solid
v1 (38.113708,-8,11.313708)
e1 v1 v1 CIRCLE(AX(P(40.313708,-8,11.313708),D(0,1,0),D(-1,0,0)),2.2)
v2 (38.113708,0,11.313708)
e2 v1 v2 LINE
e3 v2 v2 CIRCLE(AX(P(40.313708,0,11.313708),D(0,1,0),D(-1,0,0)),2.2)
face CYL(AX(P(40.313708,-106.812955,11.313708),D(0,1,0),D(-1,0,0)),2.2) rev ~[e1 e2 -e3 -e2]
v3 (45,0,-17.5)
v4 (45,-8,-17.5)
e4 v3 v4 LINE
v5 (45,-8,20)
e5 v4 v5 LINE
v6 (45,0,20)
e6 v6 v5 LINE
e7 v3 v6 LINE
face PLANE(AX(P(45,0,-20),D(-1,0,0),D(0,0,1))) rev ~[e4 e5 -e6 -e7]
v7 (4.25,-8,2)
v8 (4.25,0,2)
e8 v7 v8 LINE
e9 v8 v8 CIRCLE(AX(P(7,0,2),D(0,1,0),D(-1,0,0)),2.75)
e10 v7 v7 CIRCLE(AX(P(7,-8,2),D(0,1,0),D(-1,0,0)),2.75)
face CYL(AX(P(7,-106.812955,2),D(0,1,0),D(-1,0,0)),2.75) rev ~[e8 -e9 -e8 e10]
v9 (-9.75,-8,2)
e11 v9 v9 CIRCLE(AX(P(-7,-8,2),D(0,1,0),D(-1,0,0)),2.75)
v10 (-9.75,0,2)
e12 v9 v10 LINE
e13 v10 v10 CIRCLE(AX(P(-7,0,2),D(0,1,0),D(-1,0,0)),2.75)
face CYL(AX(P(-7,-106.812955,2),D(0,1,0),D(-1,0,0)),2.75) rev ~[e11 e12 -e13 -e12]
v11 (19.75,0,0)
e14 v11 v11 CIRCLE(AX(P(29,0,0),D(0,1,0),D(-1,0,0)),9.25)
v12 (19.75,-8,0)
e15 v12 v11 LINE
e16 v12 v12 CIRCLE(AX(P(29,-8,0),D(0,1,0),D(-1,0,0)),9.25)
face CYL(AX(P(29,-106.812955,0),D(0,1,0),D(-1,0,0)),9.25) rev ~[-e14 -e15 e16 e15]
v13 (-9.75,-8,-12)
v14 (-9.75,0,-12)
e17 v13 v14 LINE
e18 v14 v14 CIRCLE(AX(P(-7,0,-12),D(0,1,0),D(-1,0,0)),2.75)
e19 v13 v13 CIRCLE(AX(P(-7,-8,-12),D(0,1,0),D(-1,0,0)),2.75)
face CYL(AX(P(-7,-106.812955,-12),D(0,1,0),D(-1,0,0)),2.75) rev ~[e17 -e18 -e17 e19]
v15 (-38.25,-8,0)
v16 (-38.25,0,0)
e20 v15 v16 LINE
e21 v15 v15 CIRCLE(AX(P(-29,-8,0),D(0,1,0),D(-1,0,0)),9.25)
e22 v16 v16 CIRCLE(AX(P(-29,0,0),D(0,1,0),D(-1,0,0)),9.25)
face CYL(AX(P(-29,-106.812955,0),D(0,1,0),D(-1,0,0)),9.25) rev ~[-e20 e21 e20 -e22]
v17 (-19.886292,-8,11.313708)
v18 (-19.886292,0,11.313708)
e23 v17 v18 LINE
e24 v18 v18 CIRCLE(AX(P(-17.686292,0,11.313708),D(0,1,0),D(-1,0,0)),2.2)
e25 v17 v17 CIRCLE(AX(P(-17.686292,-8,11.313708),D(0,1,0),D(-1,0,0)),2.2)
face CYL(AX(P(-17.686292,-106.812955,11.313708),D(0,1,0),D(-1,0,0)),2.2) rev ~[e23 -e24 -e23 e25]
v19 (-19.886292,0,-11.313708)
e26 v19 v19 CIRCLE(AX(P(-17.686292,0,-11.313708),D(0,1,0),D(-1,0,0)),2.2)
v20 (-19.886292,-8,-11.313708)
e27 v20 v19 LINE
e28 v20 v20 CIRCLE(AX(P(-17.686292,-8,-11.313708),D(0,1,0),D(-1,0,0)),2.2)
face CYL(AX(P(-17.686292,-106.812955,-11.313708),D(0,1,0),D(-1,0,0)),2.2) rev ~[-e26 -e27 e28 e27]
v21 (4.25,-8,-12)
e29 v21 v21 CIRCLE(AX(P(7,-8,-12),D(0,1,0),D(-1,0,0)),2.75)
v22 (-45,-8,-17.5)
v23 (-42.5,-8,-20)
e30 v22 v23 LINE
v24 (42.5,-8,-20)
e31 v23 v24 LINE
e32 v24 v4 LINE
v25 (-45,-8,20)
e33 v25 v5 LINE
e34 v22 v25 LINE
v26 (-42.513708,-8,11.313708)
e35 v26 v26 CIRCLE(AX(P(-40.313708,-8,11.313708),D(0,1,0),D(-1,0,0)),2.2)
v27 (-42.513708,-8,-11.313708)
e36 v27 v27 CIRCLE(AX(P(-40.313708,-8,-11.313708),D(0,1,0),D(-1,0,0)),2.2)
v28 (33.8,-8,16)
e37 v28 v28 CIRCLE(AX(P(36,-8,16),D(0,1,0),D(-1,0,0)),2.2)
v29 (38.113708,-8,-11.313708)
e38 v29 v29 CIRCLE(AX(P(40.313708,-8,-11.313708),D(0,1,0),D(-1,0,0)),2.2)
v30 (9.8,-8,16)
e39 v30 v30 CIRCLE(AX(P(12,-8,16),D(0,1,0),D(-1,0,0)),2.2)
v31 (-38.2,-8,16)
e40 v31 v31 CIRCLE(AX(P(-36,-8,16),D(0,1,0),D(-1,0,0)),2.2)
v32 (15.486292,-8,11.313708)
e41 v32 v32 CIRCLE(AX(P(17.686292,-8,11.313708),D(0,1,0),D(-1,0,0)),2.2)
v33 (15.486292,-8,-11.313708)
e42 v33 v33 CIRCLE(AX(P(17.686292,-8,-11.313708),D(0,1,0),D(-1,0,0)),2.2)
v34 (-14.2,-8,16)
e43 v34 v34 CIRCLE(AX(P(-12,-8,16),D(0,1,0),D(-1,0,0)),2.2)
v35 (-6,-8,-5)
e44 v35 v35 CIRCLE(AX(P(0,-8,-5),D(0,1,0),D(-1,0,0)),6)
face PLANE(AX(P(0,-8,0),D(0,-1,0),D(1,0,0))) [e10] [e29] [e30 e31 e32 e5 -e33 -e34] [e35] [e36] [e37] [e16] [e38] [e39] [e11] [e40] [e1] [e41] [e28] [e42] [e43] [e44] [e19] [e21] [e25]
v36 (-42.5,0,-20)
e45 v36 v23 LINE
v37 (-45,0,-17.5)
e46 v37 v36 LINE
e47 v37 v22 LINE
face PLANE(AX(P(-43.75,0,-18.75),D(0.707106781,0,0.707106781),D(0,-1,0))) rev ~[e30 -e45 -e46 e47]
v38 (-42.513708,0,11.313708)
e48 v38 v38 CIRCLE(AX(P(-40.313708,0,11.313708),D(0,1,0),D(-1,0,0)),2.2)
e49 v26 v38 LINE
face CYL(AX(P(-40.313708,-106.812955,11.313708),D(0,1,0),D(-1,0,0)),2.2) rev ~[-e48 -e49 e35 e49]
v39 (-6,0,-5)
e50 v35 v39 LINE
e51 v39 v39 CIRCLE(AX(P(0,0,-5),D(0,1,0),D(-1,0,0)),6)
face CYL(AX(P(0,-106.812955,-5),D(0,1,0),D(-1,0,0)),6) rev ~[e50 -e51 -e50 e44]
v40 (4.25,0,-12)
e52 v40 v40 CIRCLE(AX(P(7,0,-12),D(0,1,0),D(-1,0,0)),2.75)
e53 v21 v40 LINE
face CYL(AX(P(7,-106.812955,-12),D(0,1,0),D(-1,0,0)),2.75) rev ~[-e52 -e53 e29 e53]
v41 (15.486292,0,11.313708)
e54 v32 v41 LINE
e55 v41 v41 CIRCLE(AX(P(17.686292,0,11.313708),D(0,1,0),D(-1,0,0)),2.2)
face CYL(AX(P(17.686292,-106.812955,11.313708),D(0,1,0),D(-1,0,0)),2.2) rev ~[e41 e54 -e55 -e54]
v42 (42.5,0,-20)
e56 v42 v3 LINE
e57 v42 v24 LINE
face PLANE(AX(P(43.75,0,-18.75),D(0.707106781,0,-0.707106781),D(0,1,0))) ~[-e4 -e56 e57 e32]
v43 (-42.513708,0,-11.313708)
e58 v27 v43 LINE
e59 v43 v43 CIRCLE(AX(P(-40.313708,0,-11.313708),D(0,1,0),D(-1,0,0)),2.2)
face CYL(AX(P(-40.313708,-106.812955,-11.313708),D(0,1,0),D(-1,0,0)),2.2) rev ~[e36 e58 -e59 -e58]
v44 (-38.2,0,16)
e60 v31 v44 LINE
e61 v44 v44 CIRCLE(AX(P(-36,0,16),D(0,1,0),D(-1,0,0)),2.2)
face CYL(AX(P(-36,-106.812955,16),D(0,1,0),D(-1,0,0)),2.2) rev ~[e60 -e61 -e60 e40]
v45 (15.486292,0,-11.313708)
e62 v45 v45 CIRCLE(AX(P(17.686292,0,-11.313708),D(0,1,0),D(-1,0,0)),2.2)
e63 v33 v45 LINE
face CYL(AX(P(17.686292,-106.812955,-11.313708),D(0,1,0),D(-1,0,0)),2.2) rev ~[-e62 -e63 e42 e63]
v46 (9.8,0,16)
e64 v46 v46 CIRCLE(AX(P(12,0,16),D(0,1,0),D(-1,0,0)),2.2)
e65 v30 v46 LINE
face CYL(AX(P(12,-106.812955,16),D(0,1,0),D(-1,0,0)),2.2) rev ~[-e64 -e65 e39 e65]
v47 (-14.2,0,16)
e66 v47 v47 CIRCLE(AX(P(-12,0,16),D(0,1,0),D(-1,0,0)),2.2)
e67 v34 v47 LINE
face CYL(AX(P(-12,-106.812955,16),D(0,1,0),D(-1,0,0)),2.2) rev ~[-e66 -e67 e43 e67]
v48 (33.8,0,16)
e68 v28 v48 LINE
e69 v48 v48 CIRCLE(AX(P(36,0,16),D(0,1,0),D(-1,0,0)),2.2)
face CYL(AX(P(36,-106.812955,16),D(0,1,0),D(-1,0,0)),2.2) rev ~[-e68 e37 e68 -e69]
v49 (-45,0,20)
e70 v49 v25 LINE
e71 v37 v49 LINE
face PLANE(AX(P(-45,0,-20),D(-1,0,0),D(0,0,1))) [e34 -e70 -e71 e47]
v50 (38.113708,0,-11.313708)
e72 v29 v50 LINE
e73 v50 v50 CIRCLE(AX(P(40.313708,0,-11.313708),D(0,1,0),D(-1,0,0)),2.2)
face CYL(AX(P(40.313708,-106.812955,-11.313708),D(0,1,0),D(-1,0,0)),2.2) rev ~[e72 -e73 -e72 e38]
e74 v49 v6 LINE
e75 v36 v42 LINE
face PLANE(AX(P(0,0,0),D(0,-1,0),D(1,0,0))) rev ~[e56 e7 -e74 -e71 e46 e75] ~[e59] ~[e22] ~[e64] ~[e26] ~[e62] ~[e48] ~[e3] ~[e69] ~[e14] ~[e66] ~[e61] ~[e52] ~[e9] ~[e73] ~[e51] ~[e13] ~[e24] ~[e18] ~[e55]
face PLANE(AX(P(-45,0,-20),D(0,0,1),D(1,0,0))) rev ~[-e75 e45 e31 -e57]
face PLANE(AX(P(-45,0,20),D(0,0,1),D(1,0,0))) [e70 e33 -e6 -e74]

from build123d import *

# Parameters (mm, degrees)
F0_W     = 90
F0_H     = 40
F1_DEPTH = 8
F2_SIZE  = 2.5
F4_D     = 4.4
F5_D     = 4.4
F6_D     = 18.5
F7_D     = 12
F8_D     = 5.5


with BuildPart() as f1:
    # F0 (on Front) → F1 (new body)
    with BuildSketch(Plane.XZ):
        Rectangle(F0_W, F0_H)
    extrude(amount=F1_DEPTH)

    # F2
    f2_edges = [f1.edges().sort_by_distance(p)[0] for p in [
        (-45, -4, -20),
        (45, -4, -20),
    ]]
    chamfer(f2_edges, length=F2_SIZE)

    # F4 (through all)
    with Locations(Plane.XZ.offset(8)):
        with Locations((-36, 16), (-12, 16), (12, 16), (36, 16)):
            Hole(F4_D / 2)

    # F5 (through all)
    with Locations(Plane.XZ.offset(8)):
        with Locations((-40.313708499, 11.313708499), (-17.686291501, 11.313708499), (-17.686291501, -11.313708499), (-40.313708499, -11.313708499), (17.686291501, 11.313708499), (40.313708499, 11.313708499), (40.313708499, -11.313708499), (17.686291501, -11.313708499)):
            Hole(F5_D / 2)

    # F6 (through all)
    with Locations(Plane.XZ.offset(8)):
        with Locations((-29, 0), (29, 0)):
            Hole(F6_D / 2)

    # F7 (through all)
    with Locations(Plane.XZ.offset(8)):
        with Locations((0, -5)):
            Hole(F7_D / 2)

    # F8 (through all)
    with Locations(Plane.XZ.offset(8)):
        with Locations((7, -12), (-7, 2), (7, 2), (-7, -12)):
            Hole(F8_D / 2)


solid = f1.part
